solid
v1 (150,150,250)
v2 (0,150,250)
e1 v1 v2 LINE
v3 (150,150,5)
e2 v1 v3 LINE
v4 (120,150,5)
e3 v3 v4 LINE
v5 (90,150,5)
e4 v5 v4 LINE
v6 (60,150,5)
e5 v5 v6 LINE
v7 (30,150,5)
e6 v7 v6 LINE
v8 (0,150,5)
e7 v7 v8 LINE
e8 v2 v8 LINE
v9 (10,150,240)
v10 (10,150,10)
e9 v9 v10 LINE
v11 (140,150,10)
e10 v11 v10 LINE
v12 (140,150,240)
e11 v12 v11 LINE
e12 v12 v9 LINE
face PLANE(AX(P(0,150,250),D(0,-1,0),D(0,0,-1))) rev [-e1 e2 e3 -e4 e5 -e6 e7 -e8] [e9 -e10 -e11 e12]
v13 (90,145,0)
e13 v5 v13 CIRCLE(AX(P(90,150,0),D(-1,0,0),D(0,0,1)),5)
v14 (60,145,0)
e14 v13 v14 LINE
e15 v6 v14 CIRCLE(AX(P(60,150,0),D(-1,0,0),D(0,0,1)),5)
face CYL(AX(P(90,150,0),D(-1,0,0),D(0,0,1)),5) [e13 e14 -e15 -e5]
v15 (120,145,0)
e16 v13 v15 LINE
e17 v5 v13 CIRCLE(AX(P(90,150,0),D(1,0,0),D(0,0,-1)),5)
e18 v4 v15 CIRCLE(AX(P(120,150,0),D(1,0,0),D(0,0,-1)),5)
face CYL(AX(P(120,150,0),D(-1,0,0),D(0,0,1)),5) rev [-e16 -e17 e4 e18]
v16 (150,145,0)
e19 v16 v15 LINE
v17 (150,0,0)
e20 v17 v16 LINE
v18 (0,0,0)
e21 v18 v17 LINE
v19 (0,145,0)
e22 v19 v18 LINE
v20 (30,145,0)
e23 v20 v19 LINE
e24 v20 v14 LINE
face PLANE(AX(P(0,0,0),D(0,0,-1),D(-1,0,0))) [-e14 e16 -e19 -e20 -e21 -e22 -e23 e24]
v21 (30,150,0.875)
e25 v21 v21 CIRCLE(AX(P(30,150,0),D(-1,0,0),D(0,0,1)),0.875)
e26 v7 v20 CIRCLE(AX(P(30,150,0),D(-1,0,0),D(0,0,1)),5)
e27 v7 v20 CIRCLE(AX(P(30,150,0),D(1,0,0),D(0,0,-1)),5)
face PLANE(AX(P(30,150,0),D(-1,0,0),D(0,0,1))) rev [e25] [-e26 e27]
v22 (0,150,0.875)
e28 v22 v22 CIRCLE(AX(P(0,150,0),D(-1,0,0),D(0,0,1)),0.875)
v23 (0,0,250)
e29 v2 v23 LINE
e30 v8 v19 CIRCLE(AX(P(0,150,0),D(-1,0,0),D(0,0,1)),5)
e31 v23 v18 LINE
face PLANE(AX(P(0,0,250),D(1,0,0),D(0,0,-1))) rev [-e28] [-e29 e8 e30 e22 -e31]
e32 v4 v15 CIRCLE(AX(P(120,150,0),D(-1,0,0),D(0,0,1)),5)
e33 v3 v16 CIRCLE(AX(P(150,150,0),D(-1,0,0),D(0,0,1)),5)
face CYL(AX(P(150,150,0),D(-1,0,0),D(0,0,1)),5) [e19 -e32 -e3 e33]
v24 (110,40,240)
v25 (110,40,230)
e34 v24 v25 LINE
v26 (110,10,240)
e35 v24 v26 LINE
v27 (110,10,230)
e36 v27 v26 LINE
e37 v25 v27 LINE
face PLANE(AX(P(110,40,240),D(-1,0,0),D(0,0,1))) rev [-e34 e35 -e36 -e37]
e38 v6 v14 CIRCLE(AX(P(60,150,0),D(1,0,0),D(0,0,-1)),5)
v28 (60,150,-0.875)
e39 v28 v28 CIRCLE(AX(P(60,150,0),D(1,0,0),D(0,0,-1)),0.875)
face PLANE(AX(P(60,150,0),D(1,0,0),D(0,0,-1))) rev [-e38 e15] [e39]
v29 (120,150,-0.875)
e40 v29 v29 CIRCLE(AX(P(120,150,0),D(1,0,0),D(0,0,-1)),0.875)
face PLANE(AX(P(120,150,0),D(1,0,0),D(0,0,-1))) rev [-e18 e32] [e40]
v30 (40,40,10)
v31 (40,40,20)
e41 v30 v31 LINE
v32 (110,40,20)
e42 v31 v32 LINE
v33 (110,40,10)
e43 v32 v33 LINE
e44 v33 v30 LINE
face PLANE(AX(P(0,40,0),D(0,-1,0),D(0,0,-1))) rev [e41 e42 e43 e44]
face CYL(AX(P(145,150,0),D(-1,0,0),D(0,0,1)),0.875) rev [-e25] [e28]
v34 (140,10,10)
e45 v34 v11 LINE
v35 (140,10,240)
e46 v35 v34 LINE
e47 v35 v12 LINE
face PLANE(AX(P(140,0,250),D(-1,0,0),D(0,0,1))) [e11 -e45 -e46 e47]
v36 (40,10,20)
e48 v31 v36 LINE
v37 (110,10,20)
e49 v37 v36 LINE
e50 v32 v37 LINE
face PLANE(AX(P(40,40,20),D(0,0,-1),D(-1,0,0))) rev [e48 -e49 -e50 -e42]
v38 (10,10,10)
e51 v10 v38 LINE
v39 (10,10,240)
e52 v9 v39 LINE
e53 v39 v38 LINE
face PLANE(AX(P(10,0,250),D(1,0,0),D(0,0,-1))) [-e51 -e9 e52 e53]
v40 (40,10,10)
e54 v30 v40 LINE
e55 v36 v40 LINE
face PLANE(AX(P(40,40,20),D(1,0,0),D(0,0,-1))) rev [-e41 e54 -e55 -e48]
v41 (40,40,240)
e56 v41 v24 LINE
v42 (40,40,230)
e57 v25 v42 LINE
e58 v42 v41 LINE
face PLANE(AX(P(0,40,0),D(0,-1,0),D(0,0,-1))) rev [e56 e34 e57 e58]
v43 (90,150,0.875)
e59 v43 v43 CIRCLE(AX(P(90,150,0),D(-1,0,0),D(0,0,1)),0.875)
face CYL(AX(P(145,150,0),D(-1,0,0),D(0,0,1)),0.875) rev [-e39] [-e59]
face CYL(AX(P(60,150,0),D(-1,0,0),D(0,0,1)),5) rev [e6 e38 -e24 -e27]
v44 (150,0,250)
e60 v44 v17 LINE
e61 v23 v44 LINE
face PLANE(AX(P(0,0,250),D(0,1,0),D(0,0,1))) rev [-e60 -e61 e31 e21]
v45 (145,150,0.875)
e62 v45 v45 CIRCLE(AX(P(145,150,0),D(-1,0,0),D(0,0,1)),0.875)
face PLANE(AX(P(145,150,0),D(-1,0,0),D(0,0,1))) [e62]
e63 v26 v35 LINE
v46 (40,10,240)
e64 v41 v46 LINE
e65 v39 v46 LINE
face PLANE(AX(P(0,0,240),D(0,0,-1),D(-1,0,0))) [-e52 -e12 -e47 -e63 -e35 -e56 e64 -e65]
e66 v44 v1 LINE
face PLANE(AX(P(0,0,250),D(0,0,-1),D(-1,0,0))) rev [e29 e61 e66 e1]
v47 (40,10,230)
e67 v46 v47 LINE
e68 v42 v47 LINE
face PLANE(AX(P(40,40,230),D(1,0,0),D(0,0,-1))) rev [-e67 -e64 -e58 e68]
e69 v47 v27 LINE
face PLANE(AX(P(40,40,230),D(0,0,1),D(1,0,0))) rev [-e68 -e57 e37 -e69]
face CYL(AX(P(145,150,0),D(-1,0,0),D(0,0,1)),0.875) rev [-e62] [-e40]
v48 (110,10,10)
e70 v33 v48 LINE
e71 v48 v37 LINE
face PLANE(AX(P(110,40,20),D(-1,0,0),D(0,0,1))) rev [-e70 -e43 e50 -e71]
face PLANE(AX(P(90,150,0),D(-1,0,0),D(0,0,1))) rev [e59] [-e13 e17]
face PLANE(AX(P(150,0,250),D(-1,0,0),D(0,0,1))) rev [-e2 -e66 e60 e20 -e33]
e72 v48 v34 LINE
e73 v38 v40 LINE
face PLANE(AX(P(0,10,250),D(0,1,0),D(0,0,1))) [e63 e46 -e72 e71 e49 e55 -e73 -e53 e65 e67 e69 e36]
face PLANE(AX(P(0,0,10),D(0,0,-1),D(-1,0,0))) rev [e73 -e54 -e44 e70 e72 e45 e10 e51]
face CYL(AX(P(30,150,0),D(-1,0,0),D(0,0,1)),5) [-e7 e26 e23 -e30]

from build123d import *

# Parameters (mm, degrees)
SKETCH1_W           = 150
SKETCH1_H           = 150
BOSS_EXTRUDE1_DEPTH = 250
SHELL1_T            = -10
SKETCH3_W           = 120
SKETCH3_H           = 220
SKETCH3_W_2         = 110
SKETCH3_H_2         = 210
BOSS_EXTRUDE2_DEPTH = 0.001
SKETCH4_W           = 70
SKETCH4_H           = 10
BOSS_EXTRUDE3_DEPTH = 40
SKETCH5_R           = 5
BOSS_EXTRUDE4_DEPTH = 30
SKETCH6_R           = 5
CUT_EXTRUDE2_DEPTH  = 30
SKETCH7_R           = 5
BOSS_EXTRUDE5_DEPTH = 30
SKETCH8_R           = 5
CUT_EXTRUDE3_DEPTH  = 30
SKETCH9_R           = 5
BOSS_EXTRUDE6_DEPTH = 30
SKETCH10_R          = 0.875
CUT_EXTRUDE4_DEPTH  = 145


with BuildPart() as part:
    # Sketch1 → Boss-Extrude1 (new body)
    with BuildSketch(Plane.XY):
        with Locations((75, 75)):
            Rectangle(SKETCH1_W, SKETCH1_H)
    extrude(amount=BOSS_EXTRUDE1_DEPTH)

    # Shell1
    shell1_openings = [part.faces().sort_by_distance(p)[0] for p in [
        (75, 150, 125),
    ]]
    offset(amount=SHELL1_T, openings=shell1_openings, kind=Kind.INTERSECTION)

    # Sketch3 → Boss-Extrude2 (add)
    with BuildSketch(Plane(origin=(0, 0, 0), x_dir=(1, 0, 0), z_dir=(0, 1, 0))):
        with Locations((75, -125)):
            Rectangle(SKETCH3_W, SKETCH3_H)
        with Locations((75, -125)):
            Rectangle(SKETCH3_W_2, SKETCH3_H_2, mode=Mode.SUBTRACT)
    extrude(amount=BOSS_EXTRUDE2_DEPTH)

    # Sketch4 → Boss-Extrude3 (add)
    with BuildSketch(Plane(origin=(0, 0, 0), x_dir=(1, 0, 0), z_dir=(0, 1, 0))):
        with Locations((75, -235)):
            Rectangle(SKETCH4_W, SKETCH4_H)
        with Locations((75, -15)):
            Rectangle(SKETCH4_W, SKETCH4_H)
    extrude(amount=BOSS_EXTRUDE3_DEPTH)

    # Sketch5 → Boss-Extrude4 (add)
    with BuildSketch(Plane.ZY):
        with Locations((0, 150)):
            Circle(SKETCH5_R)
    extrude(amount=-BOSS_EXTRUDE4_DEPTH)

    # Sketch6 → Cut-Extrude2 (cut)
    with BuildSketch(Plane(origin=(30, 0, 0), x_dir=(0, 0, -1), z_dir=(1, 0, 0))):
        with Locations((0, 150)):
            Circle(SKETCH6_R)
    extrude(amount=CUT_EXTRUDE2_DEPTH, mode=Mode.SUBTRACT)

    # Sketch7 → Boss-Extrude5 (add)
    with BuildSketch(Plane.ZY.offset(-60)):
        with Locations((0, 150)):
            Circle(SKETCH7_R)
    extrude(amount=-BOSS_EXTRUDE5_DEPTH)

    # Sketch8 → Cut-Extrude3 (cut)
    with BuildSketch(Plane(origin=(90, 0, 0), x_dir=(0, 0, -1), z_dir=(1, 0, 0))):
        with Locations((0, 150)):
            Circle(SKETCH8_R)
    extrude(amount=CUT_EXTRUDE3_DEPTH, mode=Mode.SUBTRACT)

    # Sketch9 → Boss-Extrude6 (add)
    with BuildSketch(Plane.ZY.offset(-120)):
        with Locations((0, 150)):
            Circle(SKETCH9_R)
    extrude(amount=-BOSS_EXTRUDE6_DEPTH)

    # Sketch10 → Cut-Extrude4 (cut)
    with BuildSketch(Plane.ZY):
        with Locations((0, 150)):
            Circle(SKETCH10_R)
    extrude(amount=-CUT_EXTRUDE4_DEPTH, mode=Mode.SUBTRACT)


solid = part.part
